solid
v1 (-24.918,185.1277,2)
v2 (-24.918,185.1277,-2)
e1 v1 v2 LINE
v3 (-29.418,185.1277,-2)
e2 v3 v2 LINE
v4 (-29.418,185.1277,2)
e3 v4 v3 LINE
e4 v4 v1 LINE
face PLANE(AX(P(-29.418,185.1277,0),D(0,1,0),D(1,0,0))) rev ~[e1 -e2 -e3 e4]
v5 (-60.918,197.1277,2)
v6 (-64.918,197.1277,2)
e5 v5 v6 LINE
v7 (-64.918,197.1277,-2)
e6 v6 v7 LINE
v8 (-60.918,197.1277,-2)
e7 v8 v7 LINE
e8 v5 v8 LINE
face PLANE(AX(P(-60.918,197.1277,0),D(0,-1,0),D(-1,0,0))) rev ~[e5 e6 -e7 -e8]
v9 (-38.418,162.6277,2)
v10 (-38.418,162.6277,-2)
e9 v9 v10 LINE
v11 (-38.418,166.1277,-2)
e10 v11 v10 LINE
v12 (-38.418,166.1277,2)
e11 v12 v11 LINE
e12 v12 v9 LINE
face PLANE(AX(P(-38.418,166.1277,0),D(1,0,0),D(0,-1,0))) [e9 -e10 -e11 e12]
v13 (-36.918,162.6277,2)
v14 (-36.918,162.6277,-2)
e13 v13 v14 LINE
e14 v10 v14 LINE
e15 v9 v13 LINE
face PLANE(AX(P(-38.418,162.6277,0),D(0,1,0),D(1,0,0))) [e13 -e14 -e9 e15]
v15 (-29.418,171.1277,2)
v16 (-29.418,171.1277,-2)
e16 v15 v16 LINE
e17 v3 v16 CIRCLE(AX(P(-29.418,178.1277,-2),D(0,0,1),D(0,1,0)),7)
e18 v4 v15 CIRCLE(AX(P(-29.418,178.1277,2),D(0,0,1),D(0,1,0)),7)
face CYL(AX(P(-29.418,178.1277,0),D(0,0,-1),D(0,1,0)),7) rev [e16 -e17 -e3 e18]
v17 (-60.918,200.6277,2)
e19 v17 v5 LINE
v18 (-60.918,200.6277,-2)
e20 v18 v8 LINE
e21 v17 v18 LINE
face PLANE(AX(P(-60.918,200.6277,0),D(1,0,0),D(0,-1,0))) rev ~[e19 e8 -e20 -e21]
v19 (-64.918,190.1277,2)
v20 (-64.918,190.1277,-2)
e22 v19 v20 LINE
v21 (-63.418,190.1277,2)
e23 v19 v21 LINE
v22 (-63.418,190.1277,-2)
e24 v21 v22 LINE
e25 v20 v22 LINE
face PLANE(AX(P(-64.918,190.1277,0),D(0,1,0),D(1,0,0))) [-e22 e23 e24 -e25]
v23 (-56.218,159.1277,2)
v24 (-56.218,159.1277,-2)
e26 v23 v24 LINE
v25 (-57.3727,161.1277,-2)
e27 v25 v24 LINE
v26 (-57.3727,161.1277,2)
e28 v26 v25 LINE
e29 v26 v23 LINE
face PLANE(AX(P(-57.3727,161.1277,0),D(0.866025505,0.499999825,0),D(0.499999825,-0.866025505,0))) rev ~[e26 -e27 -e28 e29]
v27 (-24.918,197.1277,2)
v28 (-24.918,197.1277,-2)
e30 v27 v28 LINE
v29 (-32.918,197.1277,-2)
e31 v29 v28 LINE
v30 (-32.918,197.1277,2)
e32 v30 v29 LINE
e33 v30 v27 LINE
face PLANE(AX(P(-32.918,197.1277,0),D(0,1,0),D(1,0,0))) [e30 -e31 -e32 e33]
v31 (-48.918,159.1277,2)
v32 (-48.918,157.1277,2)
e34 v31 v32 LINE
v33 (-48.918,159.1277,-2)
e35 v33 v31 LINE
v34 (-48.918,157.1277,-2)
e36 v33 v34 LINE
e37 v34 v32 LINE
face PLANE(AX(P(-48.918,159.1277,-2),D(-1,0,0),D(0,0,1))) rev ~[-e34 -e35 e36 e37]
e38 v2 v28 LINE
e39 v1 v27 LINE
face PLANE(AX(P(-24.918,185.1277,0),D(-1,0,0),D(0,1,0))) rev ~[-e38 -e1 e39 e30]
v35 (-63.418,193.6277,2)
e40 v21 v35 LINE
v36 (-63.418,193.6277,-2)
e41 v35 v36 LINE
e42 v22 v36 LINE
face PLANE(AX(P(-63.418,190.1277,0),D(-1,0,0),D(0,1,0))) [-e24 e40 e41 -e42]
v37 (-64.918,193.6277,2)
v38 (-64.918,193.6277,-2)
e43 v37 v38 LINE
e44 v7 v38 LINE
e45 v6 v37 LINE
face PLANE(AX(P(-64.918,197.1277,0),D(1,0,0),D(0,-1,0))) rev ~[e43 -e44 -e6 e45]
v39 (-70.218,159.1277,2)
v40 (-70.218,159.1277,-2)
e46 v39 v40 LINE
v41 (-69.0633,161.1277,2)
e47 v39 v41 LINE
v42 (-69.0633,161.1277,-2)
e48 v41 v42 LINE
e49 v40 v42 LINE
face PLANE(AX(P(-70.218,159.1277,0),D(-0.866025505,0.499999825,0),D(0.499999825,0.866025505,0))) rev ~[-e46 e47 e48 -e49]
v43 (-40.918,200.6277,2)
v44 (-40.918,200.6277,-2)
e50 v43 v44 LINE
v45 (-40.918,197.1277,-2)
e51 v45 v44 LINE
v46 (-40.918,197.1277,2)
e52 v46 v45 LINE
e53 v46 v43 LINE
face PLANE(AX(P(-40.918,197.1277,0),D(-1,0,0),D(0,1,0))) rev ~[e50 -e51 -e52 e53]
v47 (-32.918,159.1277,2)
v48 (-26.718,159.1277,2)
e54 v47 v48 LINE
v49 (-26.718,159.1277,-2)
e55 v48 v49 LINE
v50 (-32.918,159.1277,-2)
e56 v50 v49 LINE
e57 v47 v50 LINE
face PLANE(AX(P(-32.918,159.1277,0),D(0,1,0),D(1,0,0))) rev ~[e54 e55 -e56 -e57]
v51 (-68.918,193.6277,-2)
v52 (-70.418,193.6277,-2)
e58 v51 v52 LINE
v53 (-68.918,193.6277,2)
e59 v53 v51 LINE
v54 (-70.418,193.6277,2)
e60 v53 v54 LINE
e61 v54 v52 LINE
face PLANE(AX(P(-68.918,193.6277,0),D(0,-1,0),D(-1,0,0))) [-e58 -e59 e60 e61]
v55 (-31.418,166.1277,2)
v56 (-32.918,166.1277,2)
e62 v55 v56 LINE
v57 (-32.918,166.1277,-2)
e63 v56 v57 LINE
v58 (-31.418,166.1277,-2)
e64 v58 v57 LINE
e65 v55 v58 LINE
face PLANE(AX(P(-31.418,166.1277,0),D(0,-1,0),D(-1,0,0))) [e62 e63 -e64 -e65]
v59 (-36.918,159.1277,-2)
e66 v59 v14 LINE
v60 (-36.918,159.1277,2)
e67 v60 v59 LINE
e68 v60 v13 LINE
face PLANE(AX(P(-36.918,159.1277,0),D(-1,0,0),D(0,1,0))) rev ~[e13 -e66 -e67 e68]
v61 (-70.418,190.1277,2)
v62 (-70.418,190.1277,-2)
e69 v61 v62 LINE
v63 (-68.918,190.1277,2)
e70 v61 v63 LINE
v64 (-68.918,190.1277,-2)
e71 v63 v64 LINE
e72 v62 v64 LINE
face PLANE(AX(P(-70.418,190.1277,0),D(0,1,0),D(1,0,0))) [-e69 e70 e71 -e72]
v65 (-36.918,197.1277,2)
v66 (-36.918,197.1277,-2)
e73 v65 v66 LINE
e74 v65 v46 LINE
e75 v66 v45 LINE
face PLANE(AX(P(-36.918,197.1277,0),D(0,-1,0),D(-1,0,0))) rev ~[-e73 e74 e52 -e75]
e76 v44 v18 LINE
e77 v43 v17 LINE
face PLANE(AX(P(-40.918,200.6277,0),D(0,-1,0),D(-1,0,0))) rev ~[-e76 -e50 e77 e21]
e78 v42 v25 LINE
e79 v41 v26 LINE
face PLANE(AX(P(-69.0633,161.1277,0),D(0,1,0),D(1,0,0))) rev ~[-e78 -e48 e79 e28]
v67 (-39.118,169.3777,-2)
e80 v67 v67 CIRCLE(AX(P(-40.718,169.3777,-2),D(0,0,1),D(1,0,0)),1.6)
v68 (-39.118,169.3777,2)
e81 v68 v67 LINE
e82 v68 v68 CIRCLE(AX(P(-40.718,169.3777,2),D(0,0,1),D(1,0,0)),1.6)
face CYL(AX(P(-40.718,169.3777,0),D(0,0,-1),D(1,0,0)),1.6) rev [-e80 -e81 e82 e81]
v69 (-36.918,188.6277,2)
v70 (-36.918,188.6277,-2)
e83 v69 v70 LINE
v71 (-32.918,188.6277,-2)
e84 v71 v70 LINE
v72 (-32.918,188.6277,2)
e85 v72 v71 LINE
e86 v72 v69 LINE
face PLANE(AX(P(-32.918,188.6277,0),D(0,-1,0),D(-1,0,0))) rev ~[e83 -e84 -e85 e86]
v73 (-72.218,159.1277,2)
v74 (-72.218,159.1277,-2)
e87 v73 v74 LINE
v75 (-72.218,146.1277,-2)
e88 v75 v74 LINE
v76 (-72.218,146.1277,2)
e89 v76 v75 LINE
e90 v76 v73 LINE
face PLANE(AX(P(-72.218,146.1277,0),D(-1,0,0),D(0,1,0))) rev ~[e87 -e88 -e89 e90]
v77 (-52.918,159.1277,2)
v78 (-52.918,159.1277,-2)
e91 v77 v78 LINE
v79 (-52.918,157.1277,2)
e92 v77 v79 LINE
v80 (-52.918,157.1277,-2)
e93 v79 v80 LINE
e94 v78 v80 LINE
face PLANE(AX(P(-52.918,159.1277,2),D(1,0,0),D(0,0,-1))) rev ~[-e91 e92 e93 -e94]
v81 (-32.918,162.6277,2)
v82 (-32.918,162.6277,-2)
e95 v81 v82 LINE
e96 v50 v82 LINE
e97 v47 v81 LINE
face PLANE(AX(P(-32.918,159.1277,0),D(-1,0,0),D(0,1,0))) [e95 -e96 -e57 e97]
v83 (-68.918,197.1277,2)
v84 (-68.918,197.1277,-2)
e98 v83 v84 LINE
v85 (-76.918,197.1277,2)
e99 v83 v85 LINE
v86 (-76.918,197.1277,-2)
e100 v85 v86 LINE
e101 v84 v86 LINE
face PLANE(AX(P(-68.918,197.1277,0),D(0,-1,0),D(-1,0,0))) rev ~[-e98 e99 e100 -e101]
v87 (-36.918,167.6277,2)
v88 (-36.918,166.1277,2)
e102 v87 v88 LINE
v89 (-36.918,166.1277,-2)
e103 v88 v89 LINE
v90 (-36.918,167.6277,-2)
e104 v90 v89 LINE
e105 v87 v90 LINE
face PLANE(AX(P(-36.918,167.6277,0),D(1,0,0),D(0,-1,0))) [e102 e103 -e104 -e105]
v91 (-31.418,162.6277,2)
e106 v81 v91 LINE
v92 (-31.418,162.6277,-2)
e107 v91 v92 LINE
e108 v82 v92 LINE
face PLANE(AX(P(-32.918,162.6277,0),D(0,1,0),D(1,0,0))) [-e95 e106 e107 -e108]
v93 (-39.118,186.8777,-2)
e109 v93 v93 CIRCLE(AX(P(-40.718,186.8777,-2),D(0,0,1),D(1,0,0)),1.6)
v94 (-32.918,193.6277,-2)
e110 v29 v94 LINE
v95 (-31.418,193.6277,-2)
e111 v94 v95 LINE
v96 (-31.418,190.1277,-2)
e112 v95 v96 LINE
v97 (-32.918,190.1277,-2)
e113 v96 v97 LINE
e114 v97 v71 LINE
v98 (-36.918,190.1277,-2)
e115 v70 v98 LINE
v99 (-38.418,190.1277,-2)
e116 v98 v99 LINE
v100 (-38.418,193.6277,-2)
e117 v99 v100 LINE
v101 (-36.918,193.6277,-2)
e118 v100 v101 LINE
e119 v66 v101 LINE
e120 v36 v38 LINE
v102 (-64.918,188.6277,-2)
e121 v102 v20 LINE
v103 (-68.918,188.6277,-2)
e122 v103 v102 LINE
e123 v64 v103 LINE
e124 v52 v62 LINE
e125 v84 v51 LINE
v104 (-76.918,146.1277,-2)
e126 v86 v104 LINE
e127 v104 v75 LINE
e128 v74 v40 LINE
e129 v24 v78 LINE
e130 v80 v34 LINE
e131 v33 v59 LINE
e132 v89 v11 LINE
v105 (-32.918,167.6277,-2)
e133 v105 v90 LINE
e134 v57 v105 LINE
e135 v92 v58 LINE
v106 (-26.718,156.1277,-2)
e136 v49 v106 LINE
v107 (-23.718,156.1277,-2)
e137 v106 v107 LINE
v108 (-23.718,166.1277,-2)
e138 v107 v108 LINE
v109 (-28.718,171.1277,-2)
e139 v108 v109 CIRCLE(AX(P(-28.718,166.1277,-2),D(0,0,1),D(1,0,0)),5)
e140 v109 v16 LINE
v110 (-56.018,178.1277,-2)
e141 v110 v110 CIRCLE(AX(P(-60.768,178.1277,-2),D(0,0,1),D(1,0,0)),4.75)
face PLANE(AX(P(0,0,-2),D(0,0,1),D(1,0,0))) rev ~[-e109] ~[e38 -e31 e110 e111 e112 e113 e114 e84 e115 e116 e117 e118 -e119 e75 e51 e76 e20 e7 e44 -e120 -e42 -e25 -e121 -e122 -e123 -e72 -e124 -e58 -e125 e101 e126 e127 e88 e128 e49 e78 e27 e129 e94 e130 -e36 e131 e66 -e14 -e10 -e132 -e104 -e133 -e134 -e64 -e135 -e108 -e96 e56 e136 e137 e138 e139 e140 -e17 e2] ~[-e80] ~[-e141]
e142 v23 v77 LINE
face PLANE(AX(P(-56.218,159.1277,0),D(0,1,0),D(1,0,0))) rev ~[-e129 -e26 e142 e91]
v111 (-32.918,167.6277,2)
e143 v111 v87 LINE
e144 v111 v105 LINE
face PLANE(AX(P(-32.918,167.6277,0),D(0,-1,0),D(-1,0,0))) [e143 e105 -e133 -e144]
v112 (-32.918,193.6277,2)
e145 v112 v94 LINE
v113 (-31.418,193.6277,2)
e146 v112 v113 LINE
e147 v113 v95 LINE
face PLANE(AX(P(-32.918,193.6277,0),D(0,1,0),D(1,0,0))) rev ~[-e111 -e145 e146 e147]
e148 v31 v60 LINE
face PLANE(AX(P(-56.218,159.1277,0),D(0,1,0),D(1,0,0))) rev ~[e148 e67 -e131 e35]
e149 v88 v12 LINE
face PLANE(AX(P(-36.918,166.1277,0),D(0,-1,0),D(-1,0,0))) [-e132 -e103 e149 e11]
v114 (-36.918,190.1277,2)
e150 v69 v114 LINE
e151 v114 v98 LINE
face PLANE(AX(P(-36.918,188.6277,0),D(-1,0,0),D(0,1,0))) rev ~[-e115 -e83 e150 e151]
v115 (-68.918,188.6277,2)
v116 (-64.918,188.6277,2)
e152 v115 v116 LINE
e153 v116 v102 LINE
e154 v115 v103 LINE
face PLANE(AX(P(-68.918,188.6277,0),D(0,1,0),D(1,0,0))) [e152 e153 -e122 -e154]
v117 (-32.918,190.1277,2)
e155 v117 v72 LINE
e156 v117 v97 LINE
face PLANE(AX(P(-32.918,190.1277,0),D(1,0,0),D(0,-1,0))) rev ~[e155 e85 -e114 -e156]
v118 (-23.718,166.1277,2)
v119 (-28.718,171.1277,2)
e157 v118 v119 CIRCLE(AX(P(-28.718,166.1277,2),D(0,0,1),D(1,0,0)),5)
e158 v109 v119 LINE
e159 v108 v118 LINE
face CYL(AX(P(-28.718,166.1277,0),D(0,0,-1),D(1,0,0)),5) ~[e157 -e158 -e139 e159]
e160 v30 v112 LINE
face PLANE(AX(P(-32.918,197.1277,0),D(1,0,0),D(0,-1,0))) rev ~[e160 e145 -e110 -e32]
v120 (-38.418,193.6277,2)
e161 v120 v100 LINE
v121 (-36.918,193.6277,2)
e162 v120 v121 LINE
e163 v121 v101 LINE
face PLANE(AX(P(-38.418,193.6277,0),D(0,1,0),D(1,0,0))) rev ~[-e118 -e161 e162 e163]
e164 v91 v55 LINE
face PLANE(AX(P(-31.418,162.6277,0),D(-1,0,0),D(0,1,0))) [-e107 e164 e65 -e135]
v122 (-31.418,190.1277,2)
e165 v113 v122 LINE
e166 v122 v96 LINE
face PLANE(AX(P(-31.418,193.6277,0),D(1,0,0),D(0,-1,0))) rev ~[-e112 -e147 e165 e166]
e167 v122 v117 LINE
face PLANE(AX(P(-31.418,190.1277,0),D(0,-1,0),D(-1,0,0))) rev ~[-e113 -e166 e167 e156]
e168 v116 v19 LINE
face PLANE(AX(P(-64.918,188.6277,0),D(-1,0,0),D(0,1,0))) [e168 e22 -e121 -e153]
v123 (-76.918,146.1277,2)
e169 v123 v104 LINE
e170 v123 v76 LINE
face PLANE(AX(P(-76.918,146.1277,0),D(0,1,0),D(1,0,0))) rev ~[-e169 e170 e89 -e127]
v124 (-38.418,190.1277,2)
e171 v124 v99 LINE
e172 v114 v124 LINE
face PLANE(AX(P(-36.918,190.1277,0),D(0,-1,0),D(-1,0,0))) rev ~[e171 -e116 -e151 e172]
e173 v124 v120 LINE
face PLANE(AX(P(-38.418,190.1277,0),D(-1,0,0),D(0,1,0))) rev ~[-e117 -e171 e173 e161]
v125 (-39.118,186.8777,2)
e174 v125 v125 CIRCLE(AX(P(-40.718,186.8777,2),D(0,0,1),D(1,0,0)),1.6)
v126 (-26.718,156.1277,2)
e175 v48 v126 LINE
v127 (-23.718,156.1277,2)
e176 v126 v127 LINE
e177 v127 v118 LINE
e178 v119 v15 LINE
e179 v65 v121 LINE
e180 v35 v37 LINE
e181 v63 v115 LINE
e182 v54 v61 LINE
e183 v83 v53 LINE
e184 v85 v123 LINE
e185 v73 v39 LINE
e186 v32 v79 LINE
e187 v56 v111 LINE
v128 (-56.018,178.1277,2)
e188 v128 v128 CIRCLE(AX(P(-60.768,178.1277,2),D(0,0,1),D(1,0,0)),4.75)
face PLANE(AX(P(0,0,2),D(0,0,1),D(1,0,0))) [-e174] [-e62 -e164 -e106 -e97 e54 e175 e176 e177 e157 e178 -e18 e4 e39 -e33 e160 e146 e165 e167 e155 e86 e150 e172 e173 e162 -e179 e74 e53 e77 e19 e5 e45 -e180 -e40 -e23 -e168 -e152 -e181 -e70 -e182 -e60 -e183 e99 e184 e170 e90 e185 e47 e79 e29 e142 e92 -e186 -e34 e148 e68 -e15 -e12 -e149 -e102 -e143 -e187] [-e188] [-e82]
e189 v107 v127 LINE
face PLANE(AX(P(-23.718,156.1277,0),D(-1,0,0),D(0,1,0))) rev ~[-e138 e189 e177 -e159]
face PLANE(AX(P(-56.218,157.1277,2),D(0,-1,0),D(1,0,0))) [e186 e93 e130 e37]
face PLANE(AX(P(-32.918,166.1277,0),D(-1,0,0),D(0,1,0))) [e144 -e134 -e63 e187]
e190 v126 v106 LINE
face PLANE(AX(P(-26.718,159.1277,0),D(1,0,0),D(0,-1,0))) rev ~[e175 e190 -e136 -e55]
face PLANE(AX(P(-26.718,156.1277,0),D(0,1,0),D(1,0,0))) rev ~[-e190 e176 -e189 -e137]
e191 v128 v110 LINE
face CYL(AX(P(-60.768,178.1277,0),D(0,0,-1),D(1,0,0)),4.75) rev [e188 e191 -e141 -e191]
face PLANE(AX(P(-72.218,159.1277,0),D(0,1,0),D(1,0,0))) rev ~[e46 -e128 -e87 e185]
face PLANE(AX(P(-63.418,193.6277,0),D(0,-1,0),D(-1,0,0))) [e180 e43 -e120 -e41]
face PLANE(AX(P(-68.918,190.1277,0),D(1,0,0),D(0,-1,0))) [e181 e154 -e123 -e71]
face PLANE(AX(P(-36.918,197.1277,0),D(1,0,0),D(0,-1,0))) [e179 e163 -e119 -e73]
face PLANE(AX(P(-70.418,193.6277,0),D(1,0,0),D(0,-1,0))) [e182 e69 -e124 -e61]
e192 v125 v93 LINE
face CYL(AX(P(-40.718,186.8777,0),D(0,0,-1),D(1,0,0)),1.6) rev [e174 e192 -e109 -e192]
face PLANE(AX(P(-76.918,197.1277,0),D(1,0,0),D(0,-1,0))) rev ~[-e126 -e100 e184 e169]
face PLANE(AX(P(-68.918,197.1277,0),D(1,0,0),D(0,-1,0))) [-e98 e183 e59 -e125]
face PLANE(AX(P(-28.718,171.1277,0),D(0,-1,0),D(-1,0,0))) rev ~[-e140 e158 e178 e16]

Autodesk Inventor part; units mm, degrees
ref_plane "YZ Plane" through (0, 0, 0) normal (1, 0, 0) x (0, 1, 0)
ref_plane "XZ Plane" through (0, 0, 0) normal (0, 1, 0) x (-1, 0, 0)
ref_plane "XY Plane" through (0, 0, 0) normal (0, 0, 1) x (1, 0, 0)
sketch "Skizze1" plane through (0, 0, 0) normal (0, 0, 1) x (1, 0, 0)
  circle A0 centre (-60.768, 178.1277) radius 4.75
  circle A1 centre (-40.718, 169.3777) radius 1.6
  circle A2 centre (-40.718, 186.8777) radius 1.6
  line L0 (-23.718, 156.1277) -> (-23.718, 166.1277)
  arc A3 (-23.718, 166.1277) -> (-28.718, 171.1277) centre (-28.718, 166.1277) ccw
  line L1 (-28.718, 171.1277) -> (-29.418, 171.1277)
  arc A4 (-29.418, 185.1277) -> (-29.418, 171.1277) centre (-29.418, 178.1277) ccw
  line L2 (-40.918, 197.1277) -> (-40.918, 200.6277)
  line L3 (-40.918, 200.6277) -> (-60.918, 200.6277)
  line L4 (-68.918, 197.1277) -> (-76.918, 197.1277)
  line L5 (-76.918, 197.1277) -> (-76.918, 146.1277)
  line L6 (-76.918, 146.1277) -> (-72.218, 146.1277)
  line L7 (-72.218, 146.1277) -> (-72.218, 159.1277)
  line L8 (-72.218, 159.1277) -> (-70.218, 159.1277)
  line L9 (-70.218, 159.1277) -> (-69.0633, 161.1277)
  line L10 (-69.0633, 161.1277) -> (-57.3727, 161.1277)
  line L11 (-57.3727, 161.1277) -> (-56.218, 159.1277)
  line L12 (-56.218, 159.1277) -> (-36.918, 159.1277)
  line L13 (-32.918, 159.1277) -> (-26.718, 159.1277)
  line L14 (-26.718, 159.1277) -> (-26.718, 156.1277)
  line L15 (-26.718, 156.1277) -> (-23.718, 156.1277)
  line L16 (-36.5327, 178.1277) -> (-65.518, 178.1277) construction
  line L17 (-40.718, 169.3777) -> (-40.718, 186.8777) construction
  line L18 (-32.918, 159.1277) -> (-32.918, 162.6277)
  line L19 (-32.918, 162.6277) -> (-31.418, 162.6277)
  line L20 (-31.418, 162.6277) -> (-31.418, 166.1277)
  line L21 (-31.418, 166.1277) -> (-32.918, 166.1277)
  line L22 (-32.918, 166.1277) -> (-32.918, 167.6277)
  line L23 (-32.918, 167.6277) -> (-36.918, 167.6277)
  line L24 (-36.918, 167.6277) -> (-36.918, 166.1277)
  line L25 (-36.918, 166.1277) -> (-38.418, 166.1277)
  line L26 (-38.418, 166.1277) -> (-38.418, 162.6277)
  line L27 (-38.418, 162.6277) -> (-36.918, 162.6277)
  line L28 (-36.918, 159.1277) -> (-36.918, 162.6277)
  line L29 (-34.918, 158.3124) -> (-34.918, 166.072) construction
  line L30 (-32.918, 197.1277) -> (-32.918, 193.6277)
  line L31 (-32.918, 193.6277) -> (-31.418, 193.6277)
  line L32 (-31.418, 193.6277) -> (-31.418, 190.1277)
  line L33 (-31.418, 190.1277) -> (-32.918, 190.1277)
  line L34 (-32.918, 190.1277) -> (-32.918, 188.6277)
  line L35 (-32.918, 188.6277) -> (-36.918, 188.6277)
  line L36 (-36.918, 188.6277) -> (-36.918, 190.1277)
  line L37 (-36.918, 190.1277) -> (-38.418, 190.1277)
  line L38 (-38.418, 190.1277) -> (-38.418, 193.6277)
  line L39 (-38.418, 193.6277) -> (-36.918, 193.6277)
  line L40 (-36.918, 197.1277) -> (-36.918, 193.6277)
  line L41 (-34.918, 197.9429) -> (-34.918, 190.1833) construction
  line L42 (-32.918, 197.1277) -> (-24.918, 197.1277)
  line L43 (-50.918, 190.3199) -> (-50.918, 199.5586) construction
  line L44 (-68.918, 190.1277) -> (-68.918, 188.6277)
  line L45 (-66.918, 197.9429) -> (-66.918, 190.1833) construction
  line L46 (-64.918, 197.1277) -> (-64.918, 193.6277)
  line L47 (-68.918, 188.6277) -> (-64.918, 188.6277)
  line L48 (-63.418, 193.6277) -> (-64.918, 193.6277)
  line L49 (-63.418, 190.1277) -> (-63.418, 193.6277)
  line L50 (-64.918, 188.6277) -> (-64.918, 190.1277)
  line L51 (-64.918, 190.1277) -> (-63.418, 190.1277)
  line L52 (-70.418, 190.1277) -> (-68.918, 190.1277)
  line L53 (-68.918, 193.6277) -> (-70.418, 193.6277)
  line L54 (-70.418, 193.6277) -> (-70.418, 190.1277)
  line L55 (-68.918, 197.1277) -> (-68.918, 193.6277)
  line L56 (-29.418, 185.1277) -> (-24.918, 185.1277)
  line L57 (-24.918, 185.1277) -> (-24.918, 197.1277)
  line L58 (-60.918, 200.6277) -> (-60.918, 197.1277)
  line L59 (-36.918, 197.1277) -> (-40.918, 197.1277)
  line L60 (-60.918, 197.1277) -> (-64.918, 197.1277)
  point P0 (0, 0)
  point P1 (-40.718, 178.1277)
  point P2 (-23.718, 190.1277)
  point P3 (-28.718, 190.1277)
  point P4 (-73.118, 190.1277)
  dimension "d1" = 19
  dimension "d2" = 2
  dimension "d4" = 14
  dimension "d5" = 3
  dimension "d6" = 3
  dimension "d7" = 5
  dimension "d8" = 7
  dimension "d9" = 4.3
  dimension "d14" = 5.8
  dimension "d15" = 4
  dimension "d16" = 7
  dimension "d17" = 3.5
  dimension "d18" = 3.5
  dimension "d19" = 1.5
  dimension "d22" = 2
  dimension "d23" = 31.5
  dimension "d24" = 14
  dimension "d25" = 60
  dimension "d27" = 32
  dimension "d28" = 10
  dimension "d30" = 13
  dimension "d31" = 10
  dimension "d33" = 20
  dimension "d34" = 3.5
extrude "Extrusion1" add sketch "Skizze1" along normal mid plane 4
sketch "Skizze2" plane through (-56.218, 159.1277, 2) normal (0, -1, 0) x (1, 0, 0)
  line L0 (-4.7, -4) -> (15.3, -4) projected
  line L1 (15.3, 0) -> (-4.7, 0) projected
  line L2 (3.3, -4) -> (7.3, -4)
  line L3 (7.3, -4) -> (7.3, 0)
  line L4 (7.3, 0) -> (3.3, 0)
  line L5 (3.3, 0) -> (3.3, -4)
  line L6 (32.5, 0) -> (32.5, -4) projected
  point P0 (56.218, -2)
  dimension "d37" = 25.2
  dimension "d38" = 4
extrude "Extrusion2" add sketch "Skizze2" along normal blind 2
properties part number "Motorhalter_rechts"
